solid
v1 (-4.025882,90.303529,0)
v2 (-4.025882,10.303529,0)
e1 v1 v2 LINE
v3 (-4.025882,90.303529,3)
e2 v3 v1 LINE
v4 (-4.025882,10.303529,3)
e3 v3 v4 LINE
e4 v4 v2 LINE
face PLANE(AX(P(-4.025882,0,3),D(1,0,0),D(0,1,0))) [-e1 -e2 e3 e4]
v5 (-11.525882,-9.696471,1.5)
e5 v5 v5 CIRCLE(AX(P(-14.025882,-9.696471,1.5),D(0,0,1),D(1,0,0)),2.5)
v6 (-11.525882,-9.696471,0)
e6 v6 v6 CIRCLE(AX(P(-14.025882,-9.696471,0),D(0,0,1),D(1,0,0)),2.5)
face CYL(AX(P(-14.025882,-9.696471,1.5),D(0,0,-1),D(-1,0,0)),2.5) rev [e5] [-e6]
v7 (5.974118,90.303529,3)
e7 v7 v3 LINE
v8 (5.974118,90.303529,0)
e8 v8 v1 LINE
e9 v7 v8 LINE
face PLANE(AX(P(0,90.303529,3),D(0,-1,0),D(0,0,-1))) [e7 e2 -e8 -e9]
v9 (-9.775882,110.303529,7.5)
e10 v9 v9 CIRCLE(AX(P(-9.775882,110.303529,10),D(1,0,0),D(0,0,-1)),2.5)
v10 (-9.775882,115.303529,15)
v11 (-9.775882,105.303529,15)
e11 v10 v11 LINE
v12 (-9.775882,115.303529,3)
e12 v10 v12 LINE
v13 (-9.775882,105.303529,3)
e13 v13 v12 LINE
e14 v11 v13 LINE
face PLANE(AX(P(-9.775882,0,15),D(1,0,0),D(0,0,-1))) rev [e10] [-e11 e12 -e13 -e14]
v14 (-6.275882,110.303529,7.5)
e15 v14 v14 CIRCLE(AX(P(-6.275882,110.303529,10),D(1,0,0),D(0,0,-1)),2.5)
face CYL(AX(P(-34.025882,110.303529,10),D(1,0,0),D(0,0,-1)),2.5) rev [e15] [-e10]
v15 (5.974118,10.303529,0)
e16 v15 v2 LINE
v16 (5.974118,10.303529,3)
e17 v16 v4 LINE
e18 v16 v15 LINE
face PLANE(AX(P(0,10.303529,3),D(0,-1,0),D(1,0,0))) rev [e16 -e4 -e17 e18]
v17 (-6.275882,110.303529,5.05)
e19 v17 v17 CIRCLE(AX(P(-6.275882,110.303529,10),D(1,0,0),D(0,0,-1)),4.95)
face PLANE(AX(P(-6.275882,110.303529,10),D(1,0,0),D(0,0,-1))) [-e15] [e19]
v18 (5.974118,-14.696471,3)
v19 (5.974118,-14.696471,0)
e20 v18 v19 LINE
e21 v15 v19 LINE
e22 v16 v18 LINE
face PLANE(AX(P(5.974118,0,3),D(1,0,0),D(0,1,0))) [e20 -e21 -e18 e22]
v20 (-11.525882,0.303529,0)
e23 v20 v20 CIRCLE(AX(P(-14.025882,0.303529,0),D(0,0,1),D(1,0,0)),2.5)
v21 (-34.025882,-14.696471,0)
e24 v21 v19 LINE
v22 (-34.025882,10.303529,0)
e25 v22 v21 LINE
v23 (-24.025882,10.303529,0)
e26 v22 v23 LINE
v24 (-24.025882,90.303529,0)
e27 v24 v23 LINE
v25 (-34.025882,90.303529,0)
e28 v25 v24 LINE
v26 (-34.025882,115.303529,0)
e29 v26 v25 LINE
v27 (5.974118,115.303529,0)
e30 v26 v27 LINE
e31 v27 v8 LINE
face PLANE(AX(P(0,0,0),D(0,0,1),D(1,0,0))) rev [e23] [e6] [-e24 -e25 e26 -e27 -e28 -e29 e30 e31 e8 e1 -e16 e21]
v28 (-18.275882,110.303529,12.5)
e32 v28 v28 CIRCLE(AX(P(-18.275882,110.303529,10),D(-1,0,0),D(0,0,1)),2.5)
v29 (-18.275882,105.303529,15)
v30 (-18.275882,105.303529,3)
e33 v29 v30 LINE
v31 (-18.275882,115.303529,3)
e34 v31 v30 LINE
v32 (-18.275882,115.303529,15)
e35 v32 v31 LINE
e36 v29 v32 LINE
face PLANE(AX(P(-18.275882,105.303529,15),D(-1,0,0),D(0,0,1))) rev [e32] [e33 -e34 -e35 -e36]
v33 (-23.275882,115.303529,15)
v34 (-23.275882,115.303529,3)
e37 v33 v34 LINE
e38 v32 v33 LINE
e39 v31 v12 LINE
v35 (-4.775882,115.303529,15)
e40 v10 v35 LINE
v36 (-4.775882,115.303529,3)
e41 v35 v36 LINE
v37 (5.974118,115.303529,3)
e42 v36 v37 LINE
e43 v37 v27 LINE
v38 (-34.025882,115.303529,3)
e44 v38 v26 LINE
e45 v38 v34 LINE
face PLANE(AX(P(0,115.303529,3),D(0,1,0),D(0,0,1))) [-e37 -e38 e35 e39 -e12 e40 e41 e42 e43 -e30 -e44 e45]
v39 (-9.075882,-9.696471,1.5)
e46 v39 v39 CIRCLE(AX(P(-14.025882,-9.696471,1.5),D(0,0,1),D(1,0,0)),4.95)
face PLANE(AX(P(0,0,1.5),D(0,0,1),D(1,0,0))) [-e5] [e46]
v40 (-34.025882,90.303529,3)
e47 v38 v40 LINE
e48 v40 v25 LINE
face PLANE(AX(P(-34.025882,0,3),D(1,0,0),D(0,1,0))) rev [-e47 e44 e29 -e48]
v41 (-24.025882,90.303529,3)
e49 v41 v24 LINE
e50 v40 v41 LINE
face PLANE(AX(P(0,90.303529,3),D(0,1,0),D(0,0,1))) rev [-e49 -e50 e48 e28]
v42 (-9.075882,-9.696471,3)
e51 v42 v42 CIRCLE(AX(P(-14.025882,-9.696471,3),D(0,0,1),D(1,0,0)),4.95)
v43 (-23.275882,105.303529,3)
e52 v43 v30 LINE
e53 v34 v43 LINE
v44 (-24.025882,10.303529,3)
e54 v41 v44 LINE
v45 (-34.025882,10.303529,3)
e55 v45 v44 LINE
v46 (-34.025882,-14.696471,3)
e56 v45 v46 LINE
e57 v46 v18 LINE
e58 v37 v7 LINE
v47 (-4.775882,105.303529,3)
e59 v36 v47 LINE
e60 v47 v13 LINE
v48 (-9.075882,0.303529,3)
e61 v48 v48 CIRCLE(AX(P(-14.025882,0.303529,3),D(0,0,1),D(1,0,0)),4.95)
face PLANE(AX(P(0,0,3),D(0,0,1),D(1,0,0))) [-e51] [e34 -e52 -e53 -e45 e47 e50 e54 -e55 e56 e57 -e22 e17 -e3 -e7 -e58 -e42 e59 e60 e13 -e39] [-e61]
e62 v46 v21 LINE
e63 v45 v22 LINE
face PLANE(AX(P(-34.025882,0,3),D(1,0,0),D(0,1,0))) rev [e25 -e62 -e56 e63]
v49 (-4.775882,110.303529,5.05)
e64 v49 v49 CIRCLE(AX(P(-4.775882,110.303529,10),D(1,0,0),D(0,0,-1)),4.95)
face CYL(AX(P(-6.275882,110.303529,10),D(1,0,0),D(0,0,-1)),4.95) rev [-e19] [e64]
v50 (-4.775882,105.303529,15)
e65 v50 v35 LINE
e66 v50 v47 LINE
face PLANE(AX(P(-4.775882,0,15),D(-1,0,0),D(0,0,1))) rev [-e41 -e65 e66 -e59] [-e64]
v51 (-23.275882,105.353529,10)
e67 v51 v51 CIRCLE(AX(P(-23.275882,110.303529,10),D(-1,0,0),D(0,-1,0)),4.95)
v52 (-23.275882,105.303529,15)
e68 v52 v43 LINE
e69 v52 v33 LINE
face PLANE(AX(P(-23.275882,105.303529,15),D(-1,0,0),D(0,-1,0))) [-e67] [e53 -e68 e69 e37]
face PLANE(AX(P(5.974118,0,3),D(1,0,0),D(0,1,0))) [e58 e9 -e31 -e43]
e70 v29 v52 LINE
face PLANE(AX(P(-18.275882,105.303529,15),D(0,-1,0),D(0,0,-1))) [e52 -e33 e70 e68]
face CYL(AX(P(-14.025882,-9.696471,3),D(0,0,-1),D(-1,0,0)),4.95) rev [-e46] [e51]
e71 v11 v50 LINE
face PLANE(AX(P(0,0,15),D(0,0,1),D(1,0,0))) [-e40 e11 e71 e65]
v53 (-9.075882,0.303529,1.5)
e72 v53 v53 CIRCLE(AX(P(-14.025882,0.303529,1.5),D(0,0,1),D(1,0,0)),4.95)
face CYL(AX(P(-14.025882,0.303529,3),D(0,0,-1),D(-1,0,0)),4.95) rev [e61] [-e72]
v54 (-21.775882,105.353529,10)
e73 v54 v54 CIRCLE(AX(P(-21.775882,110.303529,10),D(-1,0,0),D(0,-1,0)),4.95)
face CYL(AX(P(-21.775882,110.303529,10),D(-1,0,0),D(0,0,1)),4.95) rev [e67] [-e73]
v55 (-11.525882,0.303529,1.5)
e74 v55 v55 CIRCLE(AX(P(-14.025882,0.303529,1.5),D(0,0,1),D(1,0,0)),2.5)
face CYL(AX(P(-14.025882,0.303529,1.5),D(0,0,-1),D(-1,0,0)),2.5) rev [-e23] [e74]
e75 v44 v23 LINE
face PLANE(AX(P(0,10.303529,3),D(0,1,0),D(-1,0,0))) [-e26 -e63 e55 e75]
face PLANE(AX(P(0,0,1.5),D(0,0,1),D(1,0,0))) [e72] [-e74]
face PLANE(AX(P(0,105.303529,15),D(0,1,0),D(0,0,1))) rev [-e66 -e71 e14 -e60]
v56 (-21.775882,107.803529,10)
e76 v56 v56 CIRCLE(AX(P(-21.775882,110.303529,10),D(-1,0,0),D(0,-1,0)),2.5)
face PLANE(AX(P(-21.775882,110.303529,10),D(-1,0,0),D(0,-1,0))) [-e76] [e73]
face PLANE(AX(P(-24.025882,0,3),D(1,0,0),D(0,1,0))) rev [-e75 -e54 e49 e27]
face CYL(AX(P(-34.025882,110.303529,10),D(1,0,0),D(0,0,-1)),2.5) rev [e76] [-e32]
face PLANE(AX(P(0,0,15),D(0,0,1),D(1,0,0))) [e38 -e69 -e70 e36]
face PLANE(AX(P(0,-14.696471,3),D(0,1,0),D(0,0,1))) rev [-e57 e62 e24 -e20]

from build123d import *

# Parameters (mm, degrees)
SKETCH1_R             = 4.95
SKETCH1_W             = 5
SKETCH1_H             = 10
SKETCH1_W_2           = 8.5
BODY_DEPTH            = 3
SKETCH1_3_R           = 4.95
SKETCH1_3_R_2         = 2.5
MOUNT_INSETS_DEPTH    = 1.5
SKETCH1_5_W           = 5
SKETCH1_5_H           = 10
HINGE_DEPTH           = 15
SKETCH2_R             = 4.95
SKETCH2_R_2           = 2.5
HINGE_INSET_DEPTH     = 1.5
HINGE_START           = -17
SKETCH2_2_R           = 4.95
SKETCH2_2_R_2         = 2.5
HINGE_INSET2_DEPTH    = 1.5
SKETCH2_3_R           = 2.5
HINGE_SCREWHOLE_DEPTH = 120.897733068


with BuildPart() as part:
    # Sketch1 → Body (new body)
    # profile 1 of 4: a face of its own
    with BuildSketch(Plane.XY):
        Polygon((-23.27588231, 115.303529412), (-34.02588231, 115.303529412), (-34.02588231, 90.303529412), (-24.02588231, 90.303529412), (-24.02588231, 10.303529412), (-34.02588231, 10.303529412), (-34.02588231, -14.696470588), (5.97411769, -14.696470588), (5.97411769, 10.303529412), (-4.02588231, 10.303529412), (-4.02588231, 90.303529412), (5.97411769, 90.303529412), (5.97411769, 115.303529412), (-4.77588231, 115.303529412), (-4.77588231, 105.303529412), (-9.77588231, 105.303529412), (-18.27588231, 105.303529412), (-23.27588231, 105.303529412), align=None)
        with Locations((-14.02588231, -9.696470588)):
            Circle(SKETCH1_R, mode=Mode.SUBTRACT)
        with Locations((-14.02588231, 0.303529412)):
            Circle(SKETCH1_R, mode=Mode.SUBTRACT)
    # profile 2 of 4: a face of its own
    with BuildSketch(Plane.XY):
        with Locations((-20.77588231, 110.303529412)):
            Rectangle(SKETCH1_W, SKETCH1_H)
    # profile 3 of 4: a face of its own
    with BuildSketch(Plane.XY):
        with Locations((-14.02588231, 110.303529412)):
            Rectangle(SKETCH1_W_2, SKETCH1_H)
    # profile 4 of 4: a face of its own
    with BuildSketch(Plane.XY):
        with Locations((-7.27588231, 110.303529412)):
            Rectangle(SKETCH1_W, SKETCH1_H)
    extrude(amount=BODY_DEPTH)

    # Sketch1<3> → Mount Insets (add)
    # profile 1 of 2: a face of its own
    with BuildSketch(Plane.XY):
        with Locations((-14.02588231, 0.303529412)):
            Circle(SKETCH1_3_R)
        with Locations((-14.02588231, 0.303529412)):
            Circle(SKETCH1_3_R_2, mode=Mode.SUBTRACT)
    # profile 2 of 2: a face of its own
    with BuildSketch(Plane.XY):
        with Locations((-14.02588231, -9.696470588)):
            Circle(SKETCH1_3_R)
        with Locations((-14.02588231, -9.696470588)):
            Circle(SKETCH1_3_R_2, mode=Mode.SUBTRACT)
    extrude(amount=MOUNT_INSETS_DEPTH)

    # Sketch1<5> → Hinge (add)
    with BuildSketch(Plane.XY):
        with Locations((-7.27588231, 110.303529412)):
            Rectangle(SKETCH1_5_W, SKETCH1_5_H)
        with Locations((-20.77588231, 110.303529412)):
            Rectangle(SKETCH1_5_W, SKETCH1_5_H)
    extrude(amount=HINGE_DEPTH)

    # Sketch2 → Hinge Inset (cut)
    with BuildSketch(Plane(origin=(-4.77588231, 0, 0), x_dir=(0, 0, -1), z_dir=(1, 0, 0))):
        with Locations((-10, 110.303529412)):
            Circle(SKETCH2_R)
        with Locations((-10, 110.303529412)):
            Circle(SKETCH2_R_2, mode=Mode.SUBTRACT)
    extrude(amount=-HINGE_INSET_DEPTH, mode=Mode.SUBTRACT)

    # Sketch2<2> → Hinge Inset2 (cut)
    with BuildSketch(Plane(origin=(-4.77588231, 0, 0), x_dir=(0, 0, -1), z_dir=(1, 0, 0)).offset(HINGE_START)):
        with Locations((-10, 110.303529412)):
            Circle(SKETCH2_2_R)
        with Locations((-10, 110.303529412)):
            Circle(SKETCH2_2_R_2, mode=Mode.SUBTRACT)
    extrude(amount=-HINGE_INSET2_DEPTH, mode=Mode.SUBTRACT)

    # Sketch2<3> → Hinge Screwhole (cut, through all)
    with BuildSketch(Plane(origin=(-4.77588231, 0, 0), x_dir=(0, 0, -1), z_dir=(1, 0, 0))):
        with Locations(Location((-10, 110.303529412, 0), (0, 0, 270))):
            Circle(SKETCH2_3_R)
    extrude(amount=-HINGE_SCREWHOLE_DEPTH, mode=Mode.SUBTRACT)


solid = part.part
